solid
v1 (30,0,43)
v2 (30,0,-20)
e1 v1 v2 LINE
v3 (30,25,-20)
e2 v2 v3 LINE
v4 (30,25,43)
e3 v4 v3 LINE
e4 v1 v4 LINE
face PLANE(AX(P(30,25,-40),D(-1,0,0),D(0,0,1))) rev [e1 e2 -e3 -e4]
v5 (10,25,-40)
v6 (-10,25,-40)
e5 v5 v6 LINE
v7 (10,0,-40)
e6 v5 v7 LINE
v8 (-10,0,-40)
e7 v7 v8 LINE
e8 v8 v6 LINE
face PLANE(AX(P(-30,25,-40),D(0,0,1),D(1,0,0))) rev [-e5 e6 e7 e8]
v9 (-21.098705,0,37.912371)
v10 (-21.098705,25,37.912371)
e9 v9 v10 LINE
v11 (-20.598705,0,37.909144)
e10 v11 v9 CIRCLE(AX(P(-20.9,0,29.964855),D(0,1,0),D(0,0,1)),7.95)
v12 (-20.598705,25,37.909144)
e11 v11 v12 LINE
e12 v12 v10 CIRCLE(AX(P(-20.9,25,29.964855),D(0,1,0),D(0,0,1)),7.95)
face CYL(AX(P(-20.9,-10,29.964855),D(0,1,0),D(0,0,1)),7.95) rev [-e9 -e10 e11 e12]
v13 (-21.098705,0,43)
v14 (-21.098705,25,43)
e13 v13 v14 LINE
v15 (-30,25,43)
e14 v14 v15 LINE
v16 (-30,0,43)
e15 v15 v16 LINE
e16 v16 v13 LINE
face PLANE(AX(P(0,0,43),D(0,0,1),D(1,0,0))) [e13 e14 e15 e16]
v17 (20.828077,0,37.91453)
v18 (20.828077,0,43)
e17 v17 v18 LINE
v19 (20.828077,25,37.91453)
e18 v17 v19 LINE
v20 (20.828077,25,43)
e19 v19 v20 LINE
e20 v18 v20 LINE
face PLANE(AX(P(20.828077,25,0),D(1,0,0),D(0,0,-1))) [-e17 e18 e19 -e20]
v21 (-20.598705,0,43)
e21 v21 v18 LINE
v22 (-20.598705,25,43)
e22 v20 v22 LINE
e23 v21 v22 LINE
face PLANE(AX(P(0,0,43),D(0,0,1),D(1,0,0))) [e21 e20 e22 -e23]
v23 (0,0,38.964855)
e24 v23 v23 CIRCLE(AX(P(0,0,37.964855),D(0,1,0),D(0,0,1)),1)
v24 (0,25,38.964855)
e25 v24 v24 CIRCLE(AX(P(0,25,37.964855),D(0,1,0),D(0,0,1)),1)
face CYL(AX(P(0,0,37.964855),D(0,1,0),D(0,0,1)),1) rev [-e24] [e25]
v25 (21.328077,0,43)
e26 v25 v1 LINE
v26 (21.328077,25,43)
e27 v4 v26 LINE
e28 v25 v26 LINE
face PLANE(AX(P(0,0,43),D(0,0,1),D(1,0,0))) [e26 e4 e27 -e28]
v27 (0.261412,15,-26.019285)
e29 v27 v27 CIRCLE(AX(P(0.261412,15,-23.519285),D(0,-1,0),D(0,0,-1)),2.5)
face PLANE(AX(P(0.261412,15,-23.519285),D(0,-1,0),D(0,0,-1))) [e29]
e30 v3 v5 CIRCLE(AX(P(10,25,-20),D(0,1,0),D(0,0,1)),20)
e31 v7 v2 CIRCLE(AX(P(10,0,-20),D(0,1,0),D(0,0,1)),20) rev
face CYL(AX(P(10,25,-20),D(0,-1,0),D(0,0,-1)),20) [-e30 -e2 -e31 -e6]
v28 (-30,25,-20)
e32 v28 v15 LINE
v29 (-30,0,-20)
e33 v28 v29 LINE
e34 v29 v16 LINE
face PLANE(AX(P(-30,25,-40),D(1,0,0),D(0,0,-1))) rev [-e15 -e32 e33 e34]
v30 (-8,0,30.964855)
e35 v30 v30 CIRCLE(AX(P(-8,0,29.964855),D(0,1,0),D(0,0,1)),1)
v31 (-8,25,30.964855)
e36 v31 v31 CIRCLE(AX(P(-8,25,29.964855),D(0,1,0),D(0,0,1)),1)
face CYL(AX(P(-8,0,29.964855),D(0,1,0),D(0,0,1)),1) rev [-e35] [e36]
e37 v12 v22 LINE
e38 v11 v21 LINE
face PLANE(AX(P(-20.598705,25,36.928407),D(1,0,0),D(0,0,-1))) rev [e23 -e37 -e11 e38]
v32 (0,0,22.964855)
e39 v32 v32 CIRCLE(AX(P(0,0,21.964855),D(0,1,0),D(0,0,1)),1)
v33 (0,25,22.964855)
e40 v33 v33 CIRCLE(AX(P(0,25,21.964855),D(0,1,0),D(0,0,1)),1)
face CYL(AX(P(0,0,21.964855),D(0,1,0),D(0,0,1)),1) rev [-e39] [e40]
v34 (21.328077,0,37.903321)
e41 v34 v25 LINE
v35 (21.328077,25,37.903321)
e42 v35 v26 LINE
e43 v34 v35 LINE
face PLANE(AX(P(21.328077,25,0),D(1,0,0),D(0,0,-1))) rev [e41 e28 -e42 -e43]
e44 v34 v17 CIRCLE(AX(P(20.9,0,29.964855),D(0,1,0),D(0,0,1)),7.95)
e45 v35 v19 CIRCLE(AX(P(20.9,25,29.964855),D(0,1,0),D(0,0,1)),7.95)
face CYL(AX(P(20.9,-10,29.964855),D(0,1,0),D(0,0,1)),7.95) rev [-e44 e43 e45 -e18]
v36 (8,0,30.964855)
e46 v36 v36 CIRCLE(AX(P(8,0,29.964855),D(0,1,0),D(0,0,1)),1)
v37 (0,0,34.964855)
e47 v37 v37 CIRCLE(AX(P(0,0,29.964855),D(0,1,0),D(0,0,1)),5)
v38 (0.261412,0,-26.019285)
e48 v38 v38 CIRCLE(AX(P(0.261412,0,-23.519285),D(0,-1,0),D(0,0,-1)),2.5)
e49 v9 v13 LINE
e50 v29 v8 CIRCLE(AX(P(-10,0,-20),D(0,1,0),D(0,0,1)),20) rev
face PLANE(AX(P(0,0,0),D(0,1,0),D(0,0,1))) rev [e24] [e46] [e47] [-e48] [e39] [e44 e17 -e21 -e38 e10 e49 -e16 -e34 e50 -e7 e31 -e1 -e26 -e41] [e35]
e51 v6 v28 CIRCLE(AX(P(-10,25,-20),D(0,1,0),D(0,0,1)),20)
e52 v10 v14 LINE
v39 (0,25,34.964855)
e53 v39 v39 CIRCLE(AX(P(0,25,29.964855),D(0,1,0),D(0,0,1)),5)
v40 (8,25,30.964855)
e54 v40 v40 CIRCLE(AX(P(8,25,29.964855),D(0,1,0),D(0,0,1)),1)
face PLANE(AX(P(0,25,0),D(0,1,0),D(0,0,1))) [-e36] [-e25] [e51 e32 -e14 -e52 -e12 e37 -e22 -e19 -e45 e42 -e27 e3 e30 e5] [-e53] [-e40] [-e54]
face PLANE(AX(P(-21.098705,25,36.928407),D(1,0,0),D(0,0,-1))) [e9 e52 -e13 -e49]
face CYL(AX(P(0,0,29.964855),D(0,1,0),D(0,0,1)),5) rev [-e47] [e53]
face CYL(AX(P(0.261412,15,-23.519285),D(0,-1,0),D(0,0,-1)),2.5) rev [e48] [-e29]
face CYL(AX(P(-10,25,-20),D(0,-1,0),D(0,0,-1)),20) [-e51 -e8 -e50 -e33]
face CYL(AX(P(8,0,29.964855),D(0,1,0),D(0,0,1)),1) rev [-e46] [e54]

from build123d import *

# Parameters (mm, degrees)
SKETCH1_W           = 60
SKETCH1_H           = 80
BOSS_EXTRUDE1_DEPTH = 25
FILLET1_R           = 20
SKETCH3_R           = 7.95
CUT_EXTRUDE2_DEPTH  = 35
SKETCH5_W           = 60
SKETCH5_H           = 25
BOSS_EXTRUDE2_DEPTH = 3
SKETCH6_R           = 5
SKETCH6_R_2         = 1
CUT_EXTRUDE3_DEPTH  = 26
SKETCH7_R           = 2.5
CUT_EXTRUDE4_DEPTH  = 15
SKETCH8_W           = 0.5
SKETCH8_H           = 1.458969306
SKETCH8_H_2         = 7.530561822
CUT_EXTRUDE5_DEPTH  = 26


with BuildPart() as part:
    # Sketch1 → Boss-Extrude1 (new body)
    with BuildSketch(Plane(origin=(0, 0, 0), x_dir=(1, 0, 0), z_dir=(0, 1, 0))):
        Rectangle(SKETCH1_W, SKETCH1_H)
    extrude(amount=BOSS_EXTRUDE1_DEPTH)

    # Fillet1
    fillet1_edges = [part.edges().sort_by_distance(p)[0] for p in [
        (-30, 12.5, -40),
        (30, 12.5, -40),
    ]]
    fillet(fillet1_edges, radius=FILLET1_R)

    # Sketch3 → Cut-Extrude2 (cut)
    with BuildSketch(Plane(origin=(0, 25, 0), x_dir=(1, 0, 0), z_dir=(0, 1, 0))):
        with Locations((-20.9, -29.964854959)):
            Circle(SKETCH3_R)
        with Locations((20.9, -29.964854959)):
            Circle(SKETCH3_R)
    extrude(amount=-CUT_EXTRUDE2_DEPTH, mode=Mode.SUBTRACT)

    # Sketch5 → Boss-Extrude2 (add)
    with BuildSketch(Plane.XY.offset(40)):
        with Locations((0, 12.5)):
            Rectangle(SKETCH5_W, SKETCH5_H)
    extrude(amount=BOSS_EXTRUDE2_DEPTH)

    # Sketch6 → Cut-Extrude3 (cut, through all)
    with BuildSketch(Plane(origin=(0, 25, 0), x_dir=(1, 0, 0), z_dir=(0, 1, 0))):
        with Locations((0, -29.964854959)):
            Circle(SKETCH6_R)
        with Locations((0, -37.964854959)):
            Circle(SKETCH6_R_2)
        with Locations((8, -29.964854959)):
            Circle(SKETCH6_R_2)
        with Locations((0, -21.964854959)):
            Circle(SKETCH6_R_2)
        with Locations((-8, -29.964854959)):
            Circle(SKETCH6_R_2)
    extrude(amount=-CUT_EXTRUDE3_DEPTH, mode=Mode.SUBTRACT)

    # Sketch7 → Cut-Extrude4 (cut)
    with BuildSketch(Plane(origin=(0, 0, 0), x_dir=(-1, 0, 0), z_dir=(0, -1, 0))):
        with Locations((-0.26141162, 23.519285142)):
            Circle(SKETCH7_R)
    extrude(amount=-CUT_EXTRUDE4_DEPTH, mode=Mode.SUBTRACT)

    # Sketch8 → Cut-Extrude5 (cut, through all)
    with BuildSketch(Plane.XZ):
        with BuildLine():
            ThreePointArc((20.828077187, 37.914529614), (21.078165346, 37.9128583), (21.328077187, 37.903321431))
            Line((21.328077187, 37.903321431), (21.328077187, 43))
            Line((21.328077187, 43), (20.828077187, 43))
            Line((20.828077187, 43), (20.828077187, 37.914529614))
        make_face()
        with Locations((21.078077187, 43.729484653)):
            Rectangle(SKETCH8_W, SKETCH8_H)
        with BuildLine():
            Line((21.328077187, 37.903321431), (21.328077187, 36.928407484))
            Line((21.328077187, 36.928407484), (20.828077187, 36.928407484))
            Line((20.828077187, 36.928407484), (20.828077187, 37.914529614))
            ThreePointArc((20.828077187, 37.914529614), (15.303987418, 24.317984748), (28.85, 29.964854959))
            ThreePointArc((28.85, 29.964854959), (26.670862745, 35.432911578), (21.328077187, 37.903321431))
        make_face()
        with BuildLine():
            Line((20.828077187, 36.928407484), (21.328077187, 36.928407484))
            Line((21.328077187, 36.928407484), (21.328077187, 37.903321431))
            ThreePointArc((21.328077187, 37.903321431), (21.078165346, 37.9128583), (20.828077187, 37.914529614))
            Line((20.828077187, 37.914529614), (20.828077187, 36.928407484))
        make_face()
        with Locations((-20.848704866, 40.693688395)):
            Rectangle(SKETCH8_W, SKETCH8_H_2)
    extrude(amount=-CUT_EXTRUDE5_DEPTH, mode=Mode.SUBTRACT)


solid = part.part
